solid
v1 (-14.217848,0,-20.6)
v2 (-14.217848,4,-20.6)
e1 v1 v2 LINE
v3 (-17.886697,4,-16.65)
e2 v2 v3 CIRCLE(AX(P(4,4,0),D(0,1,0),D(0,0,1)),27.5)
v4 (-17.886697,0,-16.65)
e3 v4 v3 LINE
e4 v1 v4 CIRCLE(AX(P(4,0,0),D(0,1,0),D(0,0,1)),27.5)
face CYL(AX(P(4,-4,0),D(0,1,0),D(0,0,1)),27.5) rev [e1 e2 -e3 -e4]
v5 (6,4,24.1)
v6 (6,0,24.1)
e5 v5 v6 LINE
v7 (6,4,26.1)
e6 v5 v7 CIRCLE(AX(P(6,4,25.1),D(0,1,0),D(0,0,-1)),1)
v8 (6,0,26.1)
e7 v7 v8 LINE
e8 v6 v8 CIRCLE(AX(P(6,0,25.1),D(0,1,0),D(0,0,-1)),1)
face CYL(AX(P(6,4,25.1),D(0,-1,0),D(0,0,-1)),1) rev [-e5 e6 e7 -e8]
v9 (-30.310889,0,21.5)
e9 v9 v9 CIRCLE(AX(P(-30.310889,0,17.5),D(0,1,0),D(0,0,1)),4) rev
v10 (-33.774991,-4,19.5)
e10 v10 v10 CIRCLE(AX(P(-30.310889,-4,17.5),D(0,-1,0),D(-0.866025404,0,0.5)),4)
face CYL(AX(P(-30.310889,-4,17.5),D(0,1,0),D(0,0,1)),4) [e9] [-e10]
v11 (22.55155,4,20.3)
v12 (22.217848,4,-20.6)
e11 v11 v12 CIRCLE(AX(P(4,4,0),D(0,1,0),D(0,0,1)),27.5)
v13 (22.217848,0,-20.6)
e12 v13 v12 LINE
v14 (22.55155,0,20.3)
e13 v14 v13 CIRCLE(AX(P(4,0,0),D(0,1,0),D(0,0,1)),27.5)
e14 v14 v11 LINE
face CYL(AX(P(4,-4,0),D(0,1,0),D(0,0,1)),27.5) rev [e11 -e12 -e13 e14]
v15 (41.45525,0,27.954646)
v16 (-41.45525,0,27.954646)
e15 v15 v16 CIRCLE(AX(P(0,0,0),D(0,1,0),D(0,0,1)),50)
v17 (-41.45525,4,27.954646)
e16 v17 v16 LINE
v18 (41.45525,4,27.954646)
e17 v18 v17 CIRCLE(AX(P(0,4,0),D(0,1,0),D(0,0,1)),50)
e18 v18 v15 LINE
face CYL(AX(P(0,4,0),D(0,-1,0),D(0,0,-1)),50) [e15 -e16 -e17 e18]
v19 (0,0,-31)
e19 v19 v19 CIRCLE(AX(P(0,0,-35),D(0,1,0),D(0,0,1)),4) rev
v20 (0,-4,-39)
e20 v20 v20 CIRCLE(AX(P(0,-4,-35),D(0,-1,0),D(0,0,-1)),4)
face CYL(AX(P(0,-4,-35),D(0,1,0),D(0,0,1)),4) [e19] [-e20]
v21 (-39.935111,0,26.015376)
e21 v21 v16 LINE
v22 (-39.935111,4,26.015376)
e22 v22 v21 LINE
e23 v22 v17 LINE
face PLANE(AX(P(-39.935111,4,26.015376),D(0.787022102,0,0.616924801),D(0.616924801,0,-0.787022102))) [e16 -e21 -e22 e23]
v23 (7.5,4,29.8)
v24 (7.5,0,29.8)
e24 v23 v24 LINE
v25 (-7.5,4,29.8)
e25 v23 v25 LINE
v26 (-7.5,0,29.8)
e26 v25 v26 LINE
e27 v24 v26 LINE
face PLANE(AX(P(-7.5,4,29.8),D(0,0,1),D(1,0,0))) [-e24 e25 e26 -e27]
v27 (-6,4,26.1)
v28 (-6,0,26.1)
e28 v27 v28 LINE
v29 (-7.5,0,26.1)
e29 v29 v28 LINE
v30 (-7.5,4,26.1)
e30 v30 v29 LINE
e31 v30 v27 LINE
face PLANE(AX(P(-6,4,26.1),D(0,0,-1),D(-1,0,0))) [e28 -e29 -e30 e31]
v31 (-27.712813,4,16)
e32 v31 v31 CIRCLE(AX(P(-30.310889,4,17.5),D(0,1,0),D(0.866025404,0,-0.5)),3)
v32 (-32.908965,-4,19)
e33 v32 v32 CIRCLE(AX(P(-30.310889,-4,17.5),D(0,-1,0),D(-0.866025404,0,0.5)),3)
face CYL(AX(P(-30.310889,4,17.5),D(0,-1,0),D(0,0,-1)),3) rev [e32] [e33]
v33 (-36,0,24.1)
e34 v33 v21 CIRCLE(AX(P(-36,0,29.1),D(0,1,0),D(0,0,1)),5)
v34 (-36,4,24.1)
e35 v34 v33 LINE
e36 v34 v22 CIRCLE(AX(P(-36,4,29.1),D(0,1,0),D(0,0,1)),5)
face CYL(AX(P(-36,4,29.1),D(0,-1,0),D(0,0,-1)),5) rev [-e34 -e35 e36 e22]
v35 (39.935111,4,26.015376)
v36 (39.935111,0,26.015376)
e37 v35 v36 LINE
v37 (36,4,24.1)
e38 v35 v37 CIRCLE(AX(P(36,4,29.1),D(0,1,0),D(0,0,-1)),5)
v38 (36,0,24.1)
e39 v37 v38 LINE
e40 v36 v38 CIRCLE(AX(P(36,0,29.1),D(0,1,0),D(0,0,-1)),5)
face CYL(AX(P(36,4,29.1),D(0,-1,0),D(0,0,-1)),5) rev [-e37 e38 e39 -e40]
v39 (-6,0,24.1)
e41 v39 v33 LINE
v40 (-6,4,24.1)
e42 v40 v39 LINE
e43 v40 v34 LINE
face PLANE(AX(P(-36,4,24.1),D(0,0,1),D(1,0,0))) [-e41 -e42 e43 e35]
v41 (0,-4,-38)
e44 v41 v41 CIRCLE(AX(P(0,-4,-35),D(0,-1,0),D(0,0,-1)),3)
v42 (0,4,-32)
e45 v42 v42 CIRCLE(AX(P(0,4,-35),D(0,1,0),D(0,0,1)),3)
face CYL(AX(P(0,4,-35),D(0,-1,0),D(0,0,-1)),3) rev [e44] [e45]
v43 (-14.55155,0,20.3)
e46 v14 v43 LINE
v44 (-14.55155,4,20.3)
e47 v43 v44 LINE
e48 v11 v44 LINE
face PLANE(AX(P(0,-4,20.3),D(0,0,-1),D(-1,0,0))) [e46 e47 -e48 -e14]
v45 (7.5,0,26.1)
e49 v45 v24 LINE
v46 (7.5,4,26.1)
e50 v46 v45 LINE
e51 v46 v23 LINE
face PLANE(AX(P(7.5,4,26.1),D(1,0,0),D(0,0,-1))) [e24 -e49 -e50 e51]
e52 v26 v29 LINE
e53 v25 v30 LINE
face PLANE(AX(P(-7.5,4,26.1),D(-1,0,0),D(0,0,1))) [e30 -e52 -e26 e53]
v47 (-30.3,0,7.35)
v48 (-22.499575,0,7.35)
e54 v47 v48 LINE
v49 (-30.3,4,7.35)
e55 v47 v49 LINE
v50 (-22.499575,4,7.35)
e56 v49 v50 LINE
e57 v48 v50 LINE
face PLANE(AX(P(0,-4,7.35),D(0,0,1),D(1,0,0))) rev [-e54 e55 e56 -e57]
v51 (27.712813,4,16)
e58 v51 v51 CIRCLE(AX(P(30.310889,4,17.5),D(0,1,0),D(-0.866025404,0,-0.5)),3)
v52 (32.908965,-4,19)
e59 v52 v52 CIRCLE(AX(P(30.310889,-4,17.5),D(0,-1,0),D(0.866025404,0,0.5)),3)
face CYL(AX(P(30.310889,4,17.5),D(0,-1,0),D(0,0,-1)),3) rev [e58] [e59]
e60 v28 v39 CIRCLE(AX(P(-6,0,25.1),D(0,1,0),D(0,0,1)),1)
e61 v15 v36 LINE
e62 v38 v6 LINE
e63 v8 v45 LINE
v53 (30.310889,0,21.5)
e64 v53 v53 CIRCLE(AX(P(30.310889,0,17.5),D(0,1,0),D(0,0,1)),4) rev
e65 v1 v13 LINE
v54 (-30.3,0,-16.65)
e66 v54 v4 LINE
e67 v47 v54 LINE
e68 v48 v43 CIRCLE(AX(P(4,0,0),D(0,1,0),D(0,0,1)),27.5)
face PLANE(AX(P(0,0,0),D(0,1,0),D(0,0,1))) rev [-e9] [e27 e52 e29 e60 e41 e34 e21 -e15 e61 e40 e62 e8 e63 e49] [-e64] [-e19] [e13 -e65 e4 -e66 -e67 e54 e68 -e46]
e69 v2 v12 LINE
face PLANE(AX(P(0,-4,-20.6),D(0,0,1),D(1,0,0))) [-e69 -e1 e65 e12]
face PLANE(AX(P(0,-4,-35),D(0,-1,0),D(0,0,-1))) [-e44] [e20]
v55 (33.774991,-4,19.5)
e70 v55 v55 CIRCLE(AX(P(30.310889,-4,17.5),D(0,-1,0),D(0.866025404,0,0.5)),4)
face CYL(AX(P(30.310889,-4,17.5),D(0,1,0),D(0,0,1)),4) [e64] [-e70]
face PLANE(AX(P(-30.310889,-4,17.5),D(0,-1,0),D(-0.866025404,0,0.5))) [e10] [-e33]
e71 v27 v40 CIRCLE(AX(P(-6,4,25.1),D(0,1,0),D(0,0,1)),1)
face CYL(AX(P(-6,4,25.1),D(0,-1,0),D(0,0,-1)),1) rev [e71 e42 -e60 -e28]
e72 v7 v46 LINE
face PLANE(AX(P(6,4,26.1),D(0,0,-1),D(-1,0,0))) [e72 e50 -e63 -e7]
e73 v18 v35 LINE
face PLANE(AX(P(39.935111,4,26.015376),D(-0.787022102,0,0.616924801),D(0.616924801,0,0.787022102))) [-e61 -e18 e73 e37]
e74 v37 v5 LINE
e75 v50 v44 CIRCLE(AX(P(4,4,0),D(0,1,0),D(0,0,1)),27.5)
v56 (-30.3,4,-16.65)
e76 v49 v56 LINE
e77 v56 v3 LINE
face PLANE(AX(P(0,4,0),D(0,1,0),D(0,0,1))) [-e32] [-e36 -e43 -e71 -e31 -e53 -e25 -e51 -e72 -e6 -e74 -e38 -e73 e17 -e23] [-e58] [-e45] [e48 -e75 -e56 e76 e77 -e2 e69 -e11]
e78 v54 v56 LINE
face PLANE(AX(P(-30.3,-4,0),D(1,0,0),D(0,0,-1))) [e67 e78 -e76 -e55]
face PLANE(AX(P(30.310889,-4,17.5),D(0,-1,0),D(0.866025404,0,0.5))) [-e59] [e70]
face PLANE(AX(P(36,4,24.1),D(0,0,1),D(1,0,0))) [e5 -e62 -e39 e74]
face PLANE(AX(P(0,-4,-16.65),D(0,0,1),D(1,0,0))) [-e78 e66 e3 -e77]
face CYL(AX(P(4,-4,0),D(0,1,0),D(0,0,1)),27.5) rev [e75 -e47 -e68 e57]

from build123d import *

# Parameters (mm, degrees)
SKETCH1_R           = 50
BOSS_EXTRUDE1_DEPTH = 4
CUT_EXTRUDE1_START  = -1
SKETCH2_R           = 3
CUT_EXTRUDE1_DEPTH  = 6
CIRPATTERN1_COUNT   = 3
SKETCH3_R           = 4
BOSS_EXTRUDE3_DEPTH = 4
SKETCH4_R           = 3
CUT_EXTRUDE2_DEPTH  = 5
CIRPATTERN2_COUNT   = 3
CUT_EXTRUDE4_DEPTH  = 5
CUT_EXTRUDE5_DEPTH  = 9


with BuildPart() as part:
    # Sketch1 → Boss-Extrude1 (new body)
    with BuildSketch(Plane(origin=(0, 0, 0), x_dir=(1, 0, 0), z_dir=(0, 1, 0))):
        Circle(SKETCH1_R)
    extrude(amount=BOSS_EXTRUDE1_DEPTH)

    # Sketch2 → Cut-Extrude1 (cut)
    with BuildSketch(Plane(origin=(0, 0, 0), x_dir=(1, 0, 0), z_dir=(0, 1, 0)).offset(CUT_EXTRUDE1_START)):
        with Locations((0, 35)):
            Circle(SKETCH2_R)
    cut_extrude1 = extrude(amount=CUT_EXTRUDE1_DEPTH, mode=Mode.SUBTRACT)

    # CirPattern1: Cut-Extrude1 ×3 about axis
    cirpattern1_axis = Axis((0, 0, 0), (0, 1, 0))
    for i in range(1, CIRPATTERN1_COUNT):
        add(cut_extrude1.rotate(cirpattern1_axis, i * 360 / CIRPATTERN1_COUNT), mode=Mode.SUBTRACT)

    # Sketch3 → Boss-Extrude3 (add)
    with BuildSketch(Plane.XZ):
        with Locations((0, -35)):
            Circle(SKETCH3_R)
    boss_extrude3 = extrude(amount=BOSS_EXTRUDE3_DEPTH)

    # Sketch4 → Cut-Extrude2 (cut, through all)
    with BuildSketch(Plane.XZ):
        with Locations((0, -35)):
            Circle(SKETCH4_R)
    cut_extrude2 = extrude(amount=CUT_EXTRUDE2_DEPTH, mode=Mode.SUBTRACT)

    # CirPattern2: Boss-Extrude3, Cut-Extrude2 ×3 about axis
    cirpattern2_axis = Axis((0, 0, 0), (0, 1, 0))
    for i in range(1, CIRPATTERN2_COUNT):
        add(boss_extrude3.rotate(cirpattern2_axis, i * 360 / CIRPATTERN2_COUNT))
        add(cut_extrude2.rotate(cirpattern2_axis, i * 360 / CIRPATTERN2_COUNT), mode=Mode.SUBTRACT)

    # Sketch5 → Cut-Extrude4 (cut, through all)
    with BuildSketch(Plane(origin=(0, 0, 0), x_dir=(1, 0, 0), z_dir=(0, 1, 0))):
        with BuildLine():
            Line((-36, -24.1), (-6, -24.1))
            ThreePointArc((-6, -24.1), (-5, -25.1), (-6, -26.1))
            Line((-6, -26.1), (-7.5, -26.1))
            Line((-7.5, -26.1), (-7.5, -29.8))
            Line((-7.5, -29.8), (7.5, -29.8))
            Line((7.5, -29.8), (7.5, -26.1))
            Line((7.5, -26.1), (6, -26.1))
            ThreePointArc((6, -26.1), (5, -25.1), (6, -24.1))
            Line((6, -24.1), (36, -24.1))
            ThreePointArc((36, -24.1), (38.18825044, -24.604273138), (39.935110512, -26.015375995))
            Line((39.935110512, -26.015375995), (41.455250321, -27.954645783))
            ThreePointArc((41.455250321, -27.954645783), (0, -50), (-41.455250321, -27.954645783))
            Line((-41.455250321, -27.954645783), (-39.935110512, -26.015375995))
            ThreePointArc((-39.935110512, -26.015375995), (-38.18825044, -24.604273138), (-36, -24.1))
        make_face()
    extrude(amount=CUT_EXTRUDE4_DEPTH, mode=Mode.SUBTRACT)

    # Sketch6 → Cut-Extrude5 (cut, through all)
    with BuildSketch(Plane(origin=(0, 4, 0), x_dir=(1, 0, 0), z_dir=(0, 1, 0))):
        with BuildLine():
            Line((-30.3, -7.35), (-30.3, 16.65))
            Line((-30.3, 16.65), (-17.886696873, 16.65))
            ThreePointArc((-17.886696873, 16.65), (-16.149299311, 18.715120553), (-14.217848391, 20.6))
            Line((-14.217848391, 20.6), (22.217848391, 20.6))
            ThreePointArc((22.217848391, 20.6), (31.499084727, 0.224363896), (22.5515498, -20.3))
            Line((22.5515498, -20.3), (-14.5515498, -20.3))
            ThreePointArc((-14.5515498, -20.3), (-19.437717402, -14.384832394), (-22.499575468, -7.35))
            Line((-22.499575468, -7.35), (-30.3, -7.35))
        make_face()
    extrude(amount=-CUT_EXTRUDE5_DEPTH, mode=Mode.SUBTRACT)


solid = part.part
